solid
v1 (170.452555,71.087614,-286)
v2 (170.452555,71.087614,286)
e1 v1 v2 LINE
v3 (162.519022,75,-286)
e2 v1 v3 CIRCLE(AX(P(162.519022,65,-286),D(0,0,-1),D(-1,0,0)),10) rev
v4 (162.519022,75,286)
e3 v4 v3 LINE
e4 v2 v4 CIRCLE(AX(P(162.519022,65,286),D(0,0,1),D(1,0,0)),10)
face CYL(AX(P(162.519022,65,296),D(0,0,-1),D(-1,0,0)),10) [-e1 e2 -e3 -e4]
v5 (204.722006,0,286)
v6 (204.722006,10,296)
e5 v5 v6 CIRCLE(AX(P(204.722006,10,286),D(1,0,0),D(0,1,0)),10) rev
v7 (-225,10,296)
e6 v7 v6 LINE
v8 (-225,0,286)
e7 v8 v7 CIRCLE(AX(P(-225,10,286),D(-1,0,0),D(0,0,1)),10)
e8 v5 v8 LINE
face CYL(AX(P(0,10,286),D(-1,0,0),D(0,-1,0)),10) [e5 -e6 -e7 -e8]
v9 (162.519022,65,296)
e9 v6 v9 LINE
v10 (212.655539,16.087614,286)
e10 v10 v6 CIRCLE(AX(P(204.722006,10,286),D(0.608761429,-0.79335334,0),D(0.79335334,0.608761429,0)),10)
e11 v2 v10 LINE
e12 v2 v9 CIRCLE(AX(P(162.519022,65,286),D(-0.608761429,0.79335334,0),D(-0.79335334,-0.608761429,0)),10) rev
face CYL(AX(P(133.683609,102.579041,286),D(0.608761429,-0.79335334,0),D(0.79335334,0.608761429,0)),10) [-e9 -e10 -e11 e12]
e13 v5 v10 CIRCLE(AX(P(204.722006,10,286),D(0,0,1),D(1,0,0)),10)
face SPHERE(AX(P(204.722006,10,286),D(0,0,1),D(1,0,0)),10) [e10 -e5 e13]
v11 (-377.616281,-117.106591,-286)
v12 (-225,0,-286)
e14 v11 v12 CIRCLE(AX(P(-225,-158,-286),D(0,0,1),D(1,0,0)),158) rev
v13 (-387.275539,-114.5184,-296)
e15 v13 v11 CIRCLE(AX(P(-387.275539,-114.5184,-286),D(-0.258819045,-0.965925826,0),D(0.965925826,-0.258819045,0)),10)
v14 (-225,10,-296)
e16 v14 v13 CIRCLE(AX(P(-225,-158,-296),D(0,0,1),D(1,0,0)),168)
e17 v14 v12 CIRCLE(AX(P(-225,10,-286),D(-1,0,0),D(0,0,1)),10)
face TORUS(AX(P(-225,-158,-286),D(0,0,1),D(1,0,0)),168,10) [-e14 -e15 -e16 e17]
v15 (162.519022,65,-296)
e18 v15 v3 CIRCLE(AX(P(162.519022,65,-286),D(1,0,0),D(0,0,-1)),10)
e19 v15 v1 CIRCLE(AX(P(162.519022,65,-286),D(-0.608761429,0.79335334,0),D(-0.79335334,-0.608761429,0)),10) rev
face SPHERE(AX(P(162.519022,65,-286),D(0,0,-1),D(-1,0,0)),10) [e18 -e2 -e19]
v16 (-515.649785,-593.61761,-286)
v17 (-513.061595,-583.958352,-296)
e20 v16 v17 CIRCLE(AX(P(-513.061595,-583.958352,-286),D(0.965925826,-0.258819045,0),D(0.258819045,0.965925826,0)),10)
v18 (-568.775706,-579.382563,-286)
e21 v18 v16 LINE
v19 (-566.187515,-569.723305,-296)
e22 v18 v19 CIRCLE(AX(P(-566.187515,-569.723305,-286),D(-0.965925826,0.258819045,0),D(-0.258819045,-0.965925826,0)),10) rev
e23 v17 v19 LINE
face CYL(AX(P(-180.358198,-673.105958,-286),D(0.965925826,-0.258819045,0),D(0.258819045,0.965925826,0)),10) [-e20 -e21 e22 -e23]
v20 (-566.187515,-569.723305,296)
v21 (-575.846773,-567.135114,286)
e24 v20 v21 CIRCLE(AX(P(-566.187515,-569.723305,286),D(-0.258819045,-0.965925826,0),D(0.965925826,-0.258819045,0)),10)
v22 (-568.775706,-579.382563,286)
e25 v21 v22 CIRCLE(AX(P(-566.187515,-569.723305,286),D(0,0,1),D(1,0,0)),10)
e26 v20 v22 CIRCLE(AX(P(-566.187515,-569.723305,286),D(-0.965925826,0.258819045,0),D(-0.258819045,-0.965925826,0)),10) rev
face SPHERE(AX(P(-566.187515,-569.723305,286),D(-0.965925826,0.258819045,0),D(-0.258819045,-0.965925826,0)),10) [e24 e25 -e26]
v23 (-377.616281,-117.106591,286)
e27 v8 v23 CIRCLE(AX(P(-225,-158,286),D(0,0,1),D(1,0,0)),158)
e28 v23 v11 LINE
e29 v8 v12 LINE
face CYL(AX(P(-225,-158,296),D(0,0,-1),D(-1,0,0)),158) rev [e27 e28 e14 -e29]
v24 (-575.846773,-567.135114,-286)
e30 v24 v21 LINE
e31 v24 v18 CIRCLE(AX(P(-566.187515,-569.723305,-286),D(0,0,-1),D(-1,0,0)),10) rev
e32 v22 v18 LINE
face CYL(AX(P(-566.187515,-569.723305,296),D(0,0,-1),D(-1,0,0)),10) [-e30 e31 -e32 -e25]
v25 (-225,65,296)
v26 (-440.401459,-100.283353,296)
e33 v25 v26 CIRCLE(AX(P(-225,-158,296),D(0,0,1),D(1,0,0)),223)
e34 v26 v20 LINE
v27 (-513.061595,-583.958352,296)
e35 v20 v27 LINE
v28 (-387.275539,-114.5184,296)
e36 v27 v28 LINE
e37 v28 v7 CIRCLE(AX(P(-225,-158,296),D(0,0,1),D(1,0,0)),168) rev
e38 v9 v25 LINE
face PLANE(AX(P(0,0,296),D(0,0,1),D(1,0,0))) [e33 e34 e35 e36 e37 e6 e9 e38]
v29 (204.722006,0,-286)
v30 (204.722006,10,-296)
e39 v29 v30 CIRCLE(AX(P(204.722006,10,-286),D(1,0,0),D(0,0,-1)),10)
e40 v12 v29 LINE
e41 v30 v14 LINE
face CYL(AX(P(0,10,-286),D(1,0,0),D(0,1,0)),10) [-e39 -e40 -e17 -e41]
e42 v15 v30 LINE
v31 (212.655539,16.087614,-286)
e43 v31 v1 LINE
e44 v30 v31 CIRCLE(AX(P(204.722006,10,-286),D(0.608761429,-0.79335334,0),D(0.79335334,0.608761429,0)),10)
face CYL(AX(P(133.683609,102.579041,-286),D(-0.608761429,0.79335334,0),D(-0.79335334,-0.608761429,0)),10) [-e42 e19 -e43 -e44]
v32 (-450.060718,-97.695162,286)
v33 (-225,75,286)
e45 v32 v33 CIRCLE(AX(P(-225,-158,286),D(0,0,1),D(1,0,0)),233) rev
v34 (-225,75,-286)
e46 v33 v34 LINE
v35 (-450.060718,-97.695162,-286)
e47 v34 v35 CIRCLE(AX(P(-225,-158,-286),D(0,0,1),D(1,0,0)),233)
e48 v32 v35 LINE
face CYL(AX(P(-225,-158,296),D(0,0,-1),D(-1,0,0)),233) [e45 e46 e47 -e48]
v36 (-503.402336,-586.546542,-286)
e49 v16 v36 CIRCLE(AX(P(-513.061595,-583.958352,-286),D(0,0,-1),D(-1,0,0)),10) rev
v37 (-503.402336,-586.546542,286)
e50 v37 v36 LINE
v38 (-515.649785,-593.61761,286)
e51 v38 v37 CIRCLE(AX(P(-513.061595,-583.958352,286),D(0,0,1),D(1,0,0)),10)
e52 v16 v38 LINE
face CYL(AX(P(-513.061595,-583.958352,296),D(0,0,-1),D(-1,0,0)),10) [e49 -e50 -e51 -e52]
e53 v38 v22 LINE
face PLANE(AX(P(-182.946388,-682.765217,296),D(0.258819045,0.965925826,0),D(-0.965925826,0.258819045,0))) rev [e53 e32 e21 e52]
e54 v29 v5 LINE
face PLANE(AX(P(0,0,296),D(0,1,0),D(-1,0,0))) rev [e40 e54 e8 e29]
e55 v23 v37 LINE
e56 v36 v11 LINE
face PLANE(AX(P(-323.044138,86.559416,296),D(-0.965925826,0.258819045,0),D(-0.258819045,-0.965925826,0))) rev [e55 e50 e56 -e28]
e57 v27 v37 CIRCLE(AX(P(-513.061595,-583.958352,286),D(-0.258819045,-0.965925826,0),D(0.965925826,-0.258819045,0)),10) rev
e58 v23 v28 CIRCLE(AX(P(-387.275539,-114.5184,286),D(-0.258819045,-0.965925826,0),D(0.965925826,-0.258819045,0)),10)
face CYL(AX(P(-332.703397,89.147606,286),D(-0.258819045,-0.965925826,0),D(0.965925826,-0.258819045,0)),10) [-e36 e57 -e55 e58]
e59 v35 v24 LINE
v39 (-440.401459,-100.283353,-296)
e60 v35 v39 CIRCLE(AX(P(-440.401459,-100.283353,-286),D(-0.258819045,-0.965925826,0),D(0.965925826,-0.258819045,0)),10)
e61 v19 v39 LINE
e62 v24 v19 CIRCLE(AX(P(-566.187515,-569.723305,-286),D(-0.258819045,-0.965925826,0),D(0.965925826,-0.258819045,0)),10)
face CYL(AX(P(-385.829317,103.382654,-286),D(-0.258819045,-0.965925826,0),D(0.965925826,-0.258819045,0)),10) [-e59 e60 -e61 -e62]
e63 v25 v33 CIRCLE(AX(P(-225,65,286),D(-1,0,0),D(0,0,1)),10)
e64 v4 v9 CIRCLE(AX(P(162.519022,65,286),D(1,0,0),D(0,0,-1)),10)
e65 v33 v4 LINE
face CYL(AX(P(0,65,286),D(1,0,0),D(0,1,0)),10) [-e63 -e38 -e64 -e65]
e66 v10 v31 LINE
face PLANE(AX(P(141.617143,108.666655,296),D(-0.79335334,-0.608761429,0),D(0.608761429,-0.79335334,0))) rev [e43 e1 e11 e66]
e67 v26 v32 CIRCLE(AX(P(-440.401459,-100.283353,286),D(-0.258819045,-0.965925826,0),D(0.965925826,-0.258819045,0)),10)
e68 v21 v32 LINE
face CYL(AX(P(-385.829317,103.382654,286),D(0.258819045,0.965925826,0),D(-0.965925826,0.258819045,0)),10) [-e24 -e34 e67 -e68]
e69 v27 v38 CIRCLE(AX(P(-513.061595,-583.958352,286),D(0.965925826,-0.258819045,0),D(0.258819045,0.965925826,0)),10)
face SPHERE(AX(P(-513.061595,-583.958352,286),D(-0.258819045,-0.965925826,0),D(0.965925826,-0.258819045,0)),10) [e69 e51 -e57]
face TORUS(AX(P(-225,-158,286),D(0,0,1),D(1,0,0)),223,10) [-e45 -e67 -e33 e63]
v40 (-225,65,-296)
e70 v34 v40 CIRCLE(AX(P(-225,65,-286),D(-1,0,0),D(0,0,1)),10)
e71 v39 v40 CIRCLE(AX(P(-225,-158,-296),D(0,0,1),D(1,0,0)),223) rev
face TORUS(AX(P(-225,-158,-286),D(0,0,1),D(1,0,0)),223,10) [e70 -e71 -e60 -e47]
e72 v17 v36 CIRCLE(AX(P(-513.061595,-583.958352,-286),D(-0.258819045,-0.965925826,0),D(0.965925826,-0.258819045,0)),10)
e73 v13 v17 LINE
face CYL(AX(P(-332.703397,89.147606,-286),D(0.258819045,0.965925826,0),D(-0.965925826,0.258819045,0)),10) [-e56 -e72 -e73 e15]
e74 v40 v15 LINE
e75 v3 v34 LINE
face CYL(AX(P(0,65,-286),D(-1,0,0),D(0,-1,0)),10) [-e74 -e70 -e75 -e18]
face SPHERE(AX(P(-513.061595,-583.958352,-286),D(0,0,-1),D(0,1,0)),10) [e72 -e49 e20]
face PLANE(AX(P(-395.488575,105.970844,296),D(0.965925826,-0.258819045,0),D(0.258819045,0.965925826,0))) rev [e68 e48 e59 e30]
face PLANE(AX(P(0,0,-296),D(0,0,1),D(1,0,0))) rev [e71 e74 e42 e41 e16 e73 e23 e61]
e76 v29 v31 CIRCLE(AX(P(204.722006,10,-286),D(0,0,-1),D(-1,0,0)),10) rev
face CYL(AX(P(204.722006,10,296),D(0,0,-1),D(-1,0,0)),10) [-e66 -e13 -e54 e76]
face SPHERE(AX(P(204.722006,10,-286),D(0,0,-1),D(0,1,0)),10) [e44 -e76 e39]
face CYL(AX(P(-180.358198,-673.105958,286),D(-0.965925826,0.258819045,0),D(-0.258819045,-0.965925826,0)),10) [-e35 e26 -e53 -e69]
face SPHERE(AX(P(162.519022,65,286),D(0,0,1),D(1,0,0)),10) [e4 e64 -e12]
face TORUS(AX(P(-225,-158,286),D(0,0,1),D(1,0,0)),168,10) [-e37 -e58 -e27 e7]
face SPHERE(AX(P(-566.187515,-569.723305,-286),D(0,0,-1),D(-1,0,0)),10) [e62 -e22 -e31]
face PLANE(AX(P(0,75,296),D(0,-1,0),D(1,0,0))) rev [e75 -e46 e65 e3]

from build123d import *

# Parameters (mm, degrees)
BOSS_EXTRUDE1_DEPTH = 296
FILLET1_R           = 10


with BuildPart() as part:
    # Sketch1 → Boss-Extrude1 (new, symmetric)
    with BuildSketch(Plane.XY):
        with BuildLine():
            Line((-225, 75), (-225, 0))
            ThreePointArc((-225, 0), (-321.184305783, -32.650172234), (-377.616280554, -117.106590874))
            Line((-377.616280554, -117.106590874), (-450.060717525, -97.695162491))
            ThreePointArc((-450.060717525, -97.695162491), (-366.841412959, 26.851328288), (-225, 75))
        make_face()
        Polygon((167.450475902, 75), (-225, 75), (-225, 0), (225, 0), align=None)
        Polygon((-578.434963896, -576.79437233), (-505.990526925, -596.205800713), (-377.616280554, -117.106590874), (-450.060717525, -97.695162491), align=None)
    extrude(amount=BOSS_EXTRUDE1_DEPTH, both=True)

    # Fillet1
    fillet1_edges = [part.edges().sort_by_distance(p)[0] for p in [
        (0, 0, 296),
        (-542.21274541, -586.500086522, -296),
        (-514.247840711, -337.244767411, -296),
        (-366.841412959, 26.851328288, -296),
        (-28.774762049, 75, -296),
        (196.225237951, 37.5, -296),
        (0, 0, -296),
        (-321.184305783, -32.650172234, -296),
        (196.225237951, 37.5, 296),
        (-505.990526925, -596.205800713, 0),
        (-578.434963896, -576.79437233, 0),
        (167.450475902, 75, 0),
        (225, 0, 0),
        (-28.774762049, 75, 296),
        (-366.841412959, 26.851328288, 296),
        (-514.247840711, -337.244767411, 296),
        (-542.21274541, -586.500086522, 296),
        (-441.803403739, -356.656195793, 296),
        (-321.184305783, -32.650172234, 296),
        (-441.803403739, -356.656195793, -296),
    ]]
    fillet(fillet1_edges, radius=FILLET1_R)


solid = part.part
